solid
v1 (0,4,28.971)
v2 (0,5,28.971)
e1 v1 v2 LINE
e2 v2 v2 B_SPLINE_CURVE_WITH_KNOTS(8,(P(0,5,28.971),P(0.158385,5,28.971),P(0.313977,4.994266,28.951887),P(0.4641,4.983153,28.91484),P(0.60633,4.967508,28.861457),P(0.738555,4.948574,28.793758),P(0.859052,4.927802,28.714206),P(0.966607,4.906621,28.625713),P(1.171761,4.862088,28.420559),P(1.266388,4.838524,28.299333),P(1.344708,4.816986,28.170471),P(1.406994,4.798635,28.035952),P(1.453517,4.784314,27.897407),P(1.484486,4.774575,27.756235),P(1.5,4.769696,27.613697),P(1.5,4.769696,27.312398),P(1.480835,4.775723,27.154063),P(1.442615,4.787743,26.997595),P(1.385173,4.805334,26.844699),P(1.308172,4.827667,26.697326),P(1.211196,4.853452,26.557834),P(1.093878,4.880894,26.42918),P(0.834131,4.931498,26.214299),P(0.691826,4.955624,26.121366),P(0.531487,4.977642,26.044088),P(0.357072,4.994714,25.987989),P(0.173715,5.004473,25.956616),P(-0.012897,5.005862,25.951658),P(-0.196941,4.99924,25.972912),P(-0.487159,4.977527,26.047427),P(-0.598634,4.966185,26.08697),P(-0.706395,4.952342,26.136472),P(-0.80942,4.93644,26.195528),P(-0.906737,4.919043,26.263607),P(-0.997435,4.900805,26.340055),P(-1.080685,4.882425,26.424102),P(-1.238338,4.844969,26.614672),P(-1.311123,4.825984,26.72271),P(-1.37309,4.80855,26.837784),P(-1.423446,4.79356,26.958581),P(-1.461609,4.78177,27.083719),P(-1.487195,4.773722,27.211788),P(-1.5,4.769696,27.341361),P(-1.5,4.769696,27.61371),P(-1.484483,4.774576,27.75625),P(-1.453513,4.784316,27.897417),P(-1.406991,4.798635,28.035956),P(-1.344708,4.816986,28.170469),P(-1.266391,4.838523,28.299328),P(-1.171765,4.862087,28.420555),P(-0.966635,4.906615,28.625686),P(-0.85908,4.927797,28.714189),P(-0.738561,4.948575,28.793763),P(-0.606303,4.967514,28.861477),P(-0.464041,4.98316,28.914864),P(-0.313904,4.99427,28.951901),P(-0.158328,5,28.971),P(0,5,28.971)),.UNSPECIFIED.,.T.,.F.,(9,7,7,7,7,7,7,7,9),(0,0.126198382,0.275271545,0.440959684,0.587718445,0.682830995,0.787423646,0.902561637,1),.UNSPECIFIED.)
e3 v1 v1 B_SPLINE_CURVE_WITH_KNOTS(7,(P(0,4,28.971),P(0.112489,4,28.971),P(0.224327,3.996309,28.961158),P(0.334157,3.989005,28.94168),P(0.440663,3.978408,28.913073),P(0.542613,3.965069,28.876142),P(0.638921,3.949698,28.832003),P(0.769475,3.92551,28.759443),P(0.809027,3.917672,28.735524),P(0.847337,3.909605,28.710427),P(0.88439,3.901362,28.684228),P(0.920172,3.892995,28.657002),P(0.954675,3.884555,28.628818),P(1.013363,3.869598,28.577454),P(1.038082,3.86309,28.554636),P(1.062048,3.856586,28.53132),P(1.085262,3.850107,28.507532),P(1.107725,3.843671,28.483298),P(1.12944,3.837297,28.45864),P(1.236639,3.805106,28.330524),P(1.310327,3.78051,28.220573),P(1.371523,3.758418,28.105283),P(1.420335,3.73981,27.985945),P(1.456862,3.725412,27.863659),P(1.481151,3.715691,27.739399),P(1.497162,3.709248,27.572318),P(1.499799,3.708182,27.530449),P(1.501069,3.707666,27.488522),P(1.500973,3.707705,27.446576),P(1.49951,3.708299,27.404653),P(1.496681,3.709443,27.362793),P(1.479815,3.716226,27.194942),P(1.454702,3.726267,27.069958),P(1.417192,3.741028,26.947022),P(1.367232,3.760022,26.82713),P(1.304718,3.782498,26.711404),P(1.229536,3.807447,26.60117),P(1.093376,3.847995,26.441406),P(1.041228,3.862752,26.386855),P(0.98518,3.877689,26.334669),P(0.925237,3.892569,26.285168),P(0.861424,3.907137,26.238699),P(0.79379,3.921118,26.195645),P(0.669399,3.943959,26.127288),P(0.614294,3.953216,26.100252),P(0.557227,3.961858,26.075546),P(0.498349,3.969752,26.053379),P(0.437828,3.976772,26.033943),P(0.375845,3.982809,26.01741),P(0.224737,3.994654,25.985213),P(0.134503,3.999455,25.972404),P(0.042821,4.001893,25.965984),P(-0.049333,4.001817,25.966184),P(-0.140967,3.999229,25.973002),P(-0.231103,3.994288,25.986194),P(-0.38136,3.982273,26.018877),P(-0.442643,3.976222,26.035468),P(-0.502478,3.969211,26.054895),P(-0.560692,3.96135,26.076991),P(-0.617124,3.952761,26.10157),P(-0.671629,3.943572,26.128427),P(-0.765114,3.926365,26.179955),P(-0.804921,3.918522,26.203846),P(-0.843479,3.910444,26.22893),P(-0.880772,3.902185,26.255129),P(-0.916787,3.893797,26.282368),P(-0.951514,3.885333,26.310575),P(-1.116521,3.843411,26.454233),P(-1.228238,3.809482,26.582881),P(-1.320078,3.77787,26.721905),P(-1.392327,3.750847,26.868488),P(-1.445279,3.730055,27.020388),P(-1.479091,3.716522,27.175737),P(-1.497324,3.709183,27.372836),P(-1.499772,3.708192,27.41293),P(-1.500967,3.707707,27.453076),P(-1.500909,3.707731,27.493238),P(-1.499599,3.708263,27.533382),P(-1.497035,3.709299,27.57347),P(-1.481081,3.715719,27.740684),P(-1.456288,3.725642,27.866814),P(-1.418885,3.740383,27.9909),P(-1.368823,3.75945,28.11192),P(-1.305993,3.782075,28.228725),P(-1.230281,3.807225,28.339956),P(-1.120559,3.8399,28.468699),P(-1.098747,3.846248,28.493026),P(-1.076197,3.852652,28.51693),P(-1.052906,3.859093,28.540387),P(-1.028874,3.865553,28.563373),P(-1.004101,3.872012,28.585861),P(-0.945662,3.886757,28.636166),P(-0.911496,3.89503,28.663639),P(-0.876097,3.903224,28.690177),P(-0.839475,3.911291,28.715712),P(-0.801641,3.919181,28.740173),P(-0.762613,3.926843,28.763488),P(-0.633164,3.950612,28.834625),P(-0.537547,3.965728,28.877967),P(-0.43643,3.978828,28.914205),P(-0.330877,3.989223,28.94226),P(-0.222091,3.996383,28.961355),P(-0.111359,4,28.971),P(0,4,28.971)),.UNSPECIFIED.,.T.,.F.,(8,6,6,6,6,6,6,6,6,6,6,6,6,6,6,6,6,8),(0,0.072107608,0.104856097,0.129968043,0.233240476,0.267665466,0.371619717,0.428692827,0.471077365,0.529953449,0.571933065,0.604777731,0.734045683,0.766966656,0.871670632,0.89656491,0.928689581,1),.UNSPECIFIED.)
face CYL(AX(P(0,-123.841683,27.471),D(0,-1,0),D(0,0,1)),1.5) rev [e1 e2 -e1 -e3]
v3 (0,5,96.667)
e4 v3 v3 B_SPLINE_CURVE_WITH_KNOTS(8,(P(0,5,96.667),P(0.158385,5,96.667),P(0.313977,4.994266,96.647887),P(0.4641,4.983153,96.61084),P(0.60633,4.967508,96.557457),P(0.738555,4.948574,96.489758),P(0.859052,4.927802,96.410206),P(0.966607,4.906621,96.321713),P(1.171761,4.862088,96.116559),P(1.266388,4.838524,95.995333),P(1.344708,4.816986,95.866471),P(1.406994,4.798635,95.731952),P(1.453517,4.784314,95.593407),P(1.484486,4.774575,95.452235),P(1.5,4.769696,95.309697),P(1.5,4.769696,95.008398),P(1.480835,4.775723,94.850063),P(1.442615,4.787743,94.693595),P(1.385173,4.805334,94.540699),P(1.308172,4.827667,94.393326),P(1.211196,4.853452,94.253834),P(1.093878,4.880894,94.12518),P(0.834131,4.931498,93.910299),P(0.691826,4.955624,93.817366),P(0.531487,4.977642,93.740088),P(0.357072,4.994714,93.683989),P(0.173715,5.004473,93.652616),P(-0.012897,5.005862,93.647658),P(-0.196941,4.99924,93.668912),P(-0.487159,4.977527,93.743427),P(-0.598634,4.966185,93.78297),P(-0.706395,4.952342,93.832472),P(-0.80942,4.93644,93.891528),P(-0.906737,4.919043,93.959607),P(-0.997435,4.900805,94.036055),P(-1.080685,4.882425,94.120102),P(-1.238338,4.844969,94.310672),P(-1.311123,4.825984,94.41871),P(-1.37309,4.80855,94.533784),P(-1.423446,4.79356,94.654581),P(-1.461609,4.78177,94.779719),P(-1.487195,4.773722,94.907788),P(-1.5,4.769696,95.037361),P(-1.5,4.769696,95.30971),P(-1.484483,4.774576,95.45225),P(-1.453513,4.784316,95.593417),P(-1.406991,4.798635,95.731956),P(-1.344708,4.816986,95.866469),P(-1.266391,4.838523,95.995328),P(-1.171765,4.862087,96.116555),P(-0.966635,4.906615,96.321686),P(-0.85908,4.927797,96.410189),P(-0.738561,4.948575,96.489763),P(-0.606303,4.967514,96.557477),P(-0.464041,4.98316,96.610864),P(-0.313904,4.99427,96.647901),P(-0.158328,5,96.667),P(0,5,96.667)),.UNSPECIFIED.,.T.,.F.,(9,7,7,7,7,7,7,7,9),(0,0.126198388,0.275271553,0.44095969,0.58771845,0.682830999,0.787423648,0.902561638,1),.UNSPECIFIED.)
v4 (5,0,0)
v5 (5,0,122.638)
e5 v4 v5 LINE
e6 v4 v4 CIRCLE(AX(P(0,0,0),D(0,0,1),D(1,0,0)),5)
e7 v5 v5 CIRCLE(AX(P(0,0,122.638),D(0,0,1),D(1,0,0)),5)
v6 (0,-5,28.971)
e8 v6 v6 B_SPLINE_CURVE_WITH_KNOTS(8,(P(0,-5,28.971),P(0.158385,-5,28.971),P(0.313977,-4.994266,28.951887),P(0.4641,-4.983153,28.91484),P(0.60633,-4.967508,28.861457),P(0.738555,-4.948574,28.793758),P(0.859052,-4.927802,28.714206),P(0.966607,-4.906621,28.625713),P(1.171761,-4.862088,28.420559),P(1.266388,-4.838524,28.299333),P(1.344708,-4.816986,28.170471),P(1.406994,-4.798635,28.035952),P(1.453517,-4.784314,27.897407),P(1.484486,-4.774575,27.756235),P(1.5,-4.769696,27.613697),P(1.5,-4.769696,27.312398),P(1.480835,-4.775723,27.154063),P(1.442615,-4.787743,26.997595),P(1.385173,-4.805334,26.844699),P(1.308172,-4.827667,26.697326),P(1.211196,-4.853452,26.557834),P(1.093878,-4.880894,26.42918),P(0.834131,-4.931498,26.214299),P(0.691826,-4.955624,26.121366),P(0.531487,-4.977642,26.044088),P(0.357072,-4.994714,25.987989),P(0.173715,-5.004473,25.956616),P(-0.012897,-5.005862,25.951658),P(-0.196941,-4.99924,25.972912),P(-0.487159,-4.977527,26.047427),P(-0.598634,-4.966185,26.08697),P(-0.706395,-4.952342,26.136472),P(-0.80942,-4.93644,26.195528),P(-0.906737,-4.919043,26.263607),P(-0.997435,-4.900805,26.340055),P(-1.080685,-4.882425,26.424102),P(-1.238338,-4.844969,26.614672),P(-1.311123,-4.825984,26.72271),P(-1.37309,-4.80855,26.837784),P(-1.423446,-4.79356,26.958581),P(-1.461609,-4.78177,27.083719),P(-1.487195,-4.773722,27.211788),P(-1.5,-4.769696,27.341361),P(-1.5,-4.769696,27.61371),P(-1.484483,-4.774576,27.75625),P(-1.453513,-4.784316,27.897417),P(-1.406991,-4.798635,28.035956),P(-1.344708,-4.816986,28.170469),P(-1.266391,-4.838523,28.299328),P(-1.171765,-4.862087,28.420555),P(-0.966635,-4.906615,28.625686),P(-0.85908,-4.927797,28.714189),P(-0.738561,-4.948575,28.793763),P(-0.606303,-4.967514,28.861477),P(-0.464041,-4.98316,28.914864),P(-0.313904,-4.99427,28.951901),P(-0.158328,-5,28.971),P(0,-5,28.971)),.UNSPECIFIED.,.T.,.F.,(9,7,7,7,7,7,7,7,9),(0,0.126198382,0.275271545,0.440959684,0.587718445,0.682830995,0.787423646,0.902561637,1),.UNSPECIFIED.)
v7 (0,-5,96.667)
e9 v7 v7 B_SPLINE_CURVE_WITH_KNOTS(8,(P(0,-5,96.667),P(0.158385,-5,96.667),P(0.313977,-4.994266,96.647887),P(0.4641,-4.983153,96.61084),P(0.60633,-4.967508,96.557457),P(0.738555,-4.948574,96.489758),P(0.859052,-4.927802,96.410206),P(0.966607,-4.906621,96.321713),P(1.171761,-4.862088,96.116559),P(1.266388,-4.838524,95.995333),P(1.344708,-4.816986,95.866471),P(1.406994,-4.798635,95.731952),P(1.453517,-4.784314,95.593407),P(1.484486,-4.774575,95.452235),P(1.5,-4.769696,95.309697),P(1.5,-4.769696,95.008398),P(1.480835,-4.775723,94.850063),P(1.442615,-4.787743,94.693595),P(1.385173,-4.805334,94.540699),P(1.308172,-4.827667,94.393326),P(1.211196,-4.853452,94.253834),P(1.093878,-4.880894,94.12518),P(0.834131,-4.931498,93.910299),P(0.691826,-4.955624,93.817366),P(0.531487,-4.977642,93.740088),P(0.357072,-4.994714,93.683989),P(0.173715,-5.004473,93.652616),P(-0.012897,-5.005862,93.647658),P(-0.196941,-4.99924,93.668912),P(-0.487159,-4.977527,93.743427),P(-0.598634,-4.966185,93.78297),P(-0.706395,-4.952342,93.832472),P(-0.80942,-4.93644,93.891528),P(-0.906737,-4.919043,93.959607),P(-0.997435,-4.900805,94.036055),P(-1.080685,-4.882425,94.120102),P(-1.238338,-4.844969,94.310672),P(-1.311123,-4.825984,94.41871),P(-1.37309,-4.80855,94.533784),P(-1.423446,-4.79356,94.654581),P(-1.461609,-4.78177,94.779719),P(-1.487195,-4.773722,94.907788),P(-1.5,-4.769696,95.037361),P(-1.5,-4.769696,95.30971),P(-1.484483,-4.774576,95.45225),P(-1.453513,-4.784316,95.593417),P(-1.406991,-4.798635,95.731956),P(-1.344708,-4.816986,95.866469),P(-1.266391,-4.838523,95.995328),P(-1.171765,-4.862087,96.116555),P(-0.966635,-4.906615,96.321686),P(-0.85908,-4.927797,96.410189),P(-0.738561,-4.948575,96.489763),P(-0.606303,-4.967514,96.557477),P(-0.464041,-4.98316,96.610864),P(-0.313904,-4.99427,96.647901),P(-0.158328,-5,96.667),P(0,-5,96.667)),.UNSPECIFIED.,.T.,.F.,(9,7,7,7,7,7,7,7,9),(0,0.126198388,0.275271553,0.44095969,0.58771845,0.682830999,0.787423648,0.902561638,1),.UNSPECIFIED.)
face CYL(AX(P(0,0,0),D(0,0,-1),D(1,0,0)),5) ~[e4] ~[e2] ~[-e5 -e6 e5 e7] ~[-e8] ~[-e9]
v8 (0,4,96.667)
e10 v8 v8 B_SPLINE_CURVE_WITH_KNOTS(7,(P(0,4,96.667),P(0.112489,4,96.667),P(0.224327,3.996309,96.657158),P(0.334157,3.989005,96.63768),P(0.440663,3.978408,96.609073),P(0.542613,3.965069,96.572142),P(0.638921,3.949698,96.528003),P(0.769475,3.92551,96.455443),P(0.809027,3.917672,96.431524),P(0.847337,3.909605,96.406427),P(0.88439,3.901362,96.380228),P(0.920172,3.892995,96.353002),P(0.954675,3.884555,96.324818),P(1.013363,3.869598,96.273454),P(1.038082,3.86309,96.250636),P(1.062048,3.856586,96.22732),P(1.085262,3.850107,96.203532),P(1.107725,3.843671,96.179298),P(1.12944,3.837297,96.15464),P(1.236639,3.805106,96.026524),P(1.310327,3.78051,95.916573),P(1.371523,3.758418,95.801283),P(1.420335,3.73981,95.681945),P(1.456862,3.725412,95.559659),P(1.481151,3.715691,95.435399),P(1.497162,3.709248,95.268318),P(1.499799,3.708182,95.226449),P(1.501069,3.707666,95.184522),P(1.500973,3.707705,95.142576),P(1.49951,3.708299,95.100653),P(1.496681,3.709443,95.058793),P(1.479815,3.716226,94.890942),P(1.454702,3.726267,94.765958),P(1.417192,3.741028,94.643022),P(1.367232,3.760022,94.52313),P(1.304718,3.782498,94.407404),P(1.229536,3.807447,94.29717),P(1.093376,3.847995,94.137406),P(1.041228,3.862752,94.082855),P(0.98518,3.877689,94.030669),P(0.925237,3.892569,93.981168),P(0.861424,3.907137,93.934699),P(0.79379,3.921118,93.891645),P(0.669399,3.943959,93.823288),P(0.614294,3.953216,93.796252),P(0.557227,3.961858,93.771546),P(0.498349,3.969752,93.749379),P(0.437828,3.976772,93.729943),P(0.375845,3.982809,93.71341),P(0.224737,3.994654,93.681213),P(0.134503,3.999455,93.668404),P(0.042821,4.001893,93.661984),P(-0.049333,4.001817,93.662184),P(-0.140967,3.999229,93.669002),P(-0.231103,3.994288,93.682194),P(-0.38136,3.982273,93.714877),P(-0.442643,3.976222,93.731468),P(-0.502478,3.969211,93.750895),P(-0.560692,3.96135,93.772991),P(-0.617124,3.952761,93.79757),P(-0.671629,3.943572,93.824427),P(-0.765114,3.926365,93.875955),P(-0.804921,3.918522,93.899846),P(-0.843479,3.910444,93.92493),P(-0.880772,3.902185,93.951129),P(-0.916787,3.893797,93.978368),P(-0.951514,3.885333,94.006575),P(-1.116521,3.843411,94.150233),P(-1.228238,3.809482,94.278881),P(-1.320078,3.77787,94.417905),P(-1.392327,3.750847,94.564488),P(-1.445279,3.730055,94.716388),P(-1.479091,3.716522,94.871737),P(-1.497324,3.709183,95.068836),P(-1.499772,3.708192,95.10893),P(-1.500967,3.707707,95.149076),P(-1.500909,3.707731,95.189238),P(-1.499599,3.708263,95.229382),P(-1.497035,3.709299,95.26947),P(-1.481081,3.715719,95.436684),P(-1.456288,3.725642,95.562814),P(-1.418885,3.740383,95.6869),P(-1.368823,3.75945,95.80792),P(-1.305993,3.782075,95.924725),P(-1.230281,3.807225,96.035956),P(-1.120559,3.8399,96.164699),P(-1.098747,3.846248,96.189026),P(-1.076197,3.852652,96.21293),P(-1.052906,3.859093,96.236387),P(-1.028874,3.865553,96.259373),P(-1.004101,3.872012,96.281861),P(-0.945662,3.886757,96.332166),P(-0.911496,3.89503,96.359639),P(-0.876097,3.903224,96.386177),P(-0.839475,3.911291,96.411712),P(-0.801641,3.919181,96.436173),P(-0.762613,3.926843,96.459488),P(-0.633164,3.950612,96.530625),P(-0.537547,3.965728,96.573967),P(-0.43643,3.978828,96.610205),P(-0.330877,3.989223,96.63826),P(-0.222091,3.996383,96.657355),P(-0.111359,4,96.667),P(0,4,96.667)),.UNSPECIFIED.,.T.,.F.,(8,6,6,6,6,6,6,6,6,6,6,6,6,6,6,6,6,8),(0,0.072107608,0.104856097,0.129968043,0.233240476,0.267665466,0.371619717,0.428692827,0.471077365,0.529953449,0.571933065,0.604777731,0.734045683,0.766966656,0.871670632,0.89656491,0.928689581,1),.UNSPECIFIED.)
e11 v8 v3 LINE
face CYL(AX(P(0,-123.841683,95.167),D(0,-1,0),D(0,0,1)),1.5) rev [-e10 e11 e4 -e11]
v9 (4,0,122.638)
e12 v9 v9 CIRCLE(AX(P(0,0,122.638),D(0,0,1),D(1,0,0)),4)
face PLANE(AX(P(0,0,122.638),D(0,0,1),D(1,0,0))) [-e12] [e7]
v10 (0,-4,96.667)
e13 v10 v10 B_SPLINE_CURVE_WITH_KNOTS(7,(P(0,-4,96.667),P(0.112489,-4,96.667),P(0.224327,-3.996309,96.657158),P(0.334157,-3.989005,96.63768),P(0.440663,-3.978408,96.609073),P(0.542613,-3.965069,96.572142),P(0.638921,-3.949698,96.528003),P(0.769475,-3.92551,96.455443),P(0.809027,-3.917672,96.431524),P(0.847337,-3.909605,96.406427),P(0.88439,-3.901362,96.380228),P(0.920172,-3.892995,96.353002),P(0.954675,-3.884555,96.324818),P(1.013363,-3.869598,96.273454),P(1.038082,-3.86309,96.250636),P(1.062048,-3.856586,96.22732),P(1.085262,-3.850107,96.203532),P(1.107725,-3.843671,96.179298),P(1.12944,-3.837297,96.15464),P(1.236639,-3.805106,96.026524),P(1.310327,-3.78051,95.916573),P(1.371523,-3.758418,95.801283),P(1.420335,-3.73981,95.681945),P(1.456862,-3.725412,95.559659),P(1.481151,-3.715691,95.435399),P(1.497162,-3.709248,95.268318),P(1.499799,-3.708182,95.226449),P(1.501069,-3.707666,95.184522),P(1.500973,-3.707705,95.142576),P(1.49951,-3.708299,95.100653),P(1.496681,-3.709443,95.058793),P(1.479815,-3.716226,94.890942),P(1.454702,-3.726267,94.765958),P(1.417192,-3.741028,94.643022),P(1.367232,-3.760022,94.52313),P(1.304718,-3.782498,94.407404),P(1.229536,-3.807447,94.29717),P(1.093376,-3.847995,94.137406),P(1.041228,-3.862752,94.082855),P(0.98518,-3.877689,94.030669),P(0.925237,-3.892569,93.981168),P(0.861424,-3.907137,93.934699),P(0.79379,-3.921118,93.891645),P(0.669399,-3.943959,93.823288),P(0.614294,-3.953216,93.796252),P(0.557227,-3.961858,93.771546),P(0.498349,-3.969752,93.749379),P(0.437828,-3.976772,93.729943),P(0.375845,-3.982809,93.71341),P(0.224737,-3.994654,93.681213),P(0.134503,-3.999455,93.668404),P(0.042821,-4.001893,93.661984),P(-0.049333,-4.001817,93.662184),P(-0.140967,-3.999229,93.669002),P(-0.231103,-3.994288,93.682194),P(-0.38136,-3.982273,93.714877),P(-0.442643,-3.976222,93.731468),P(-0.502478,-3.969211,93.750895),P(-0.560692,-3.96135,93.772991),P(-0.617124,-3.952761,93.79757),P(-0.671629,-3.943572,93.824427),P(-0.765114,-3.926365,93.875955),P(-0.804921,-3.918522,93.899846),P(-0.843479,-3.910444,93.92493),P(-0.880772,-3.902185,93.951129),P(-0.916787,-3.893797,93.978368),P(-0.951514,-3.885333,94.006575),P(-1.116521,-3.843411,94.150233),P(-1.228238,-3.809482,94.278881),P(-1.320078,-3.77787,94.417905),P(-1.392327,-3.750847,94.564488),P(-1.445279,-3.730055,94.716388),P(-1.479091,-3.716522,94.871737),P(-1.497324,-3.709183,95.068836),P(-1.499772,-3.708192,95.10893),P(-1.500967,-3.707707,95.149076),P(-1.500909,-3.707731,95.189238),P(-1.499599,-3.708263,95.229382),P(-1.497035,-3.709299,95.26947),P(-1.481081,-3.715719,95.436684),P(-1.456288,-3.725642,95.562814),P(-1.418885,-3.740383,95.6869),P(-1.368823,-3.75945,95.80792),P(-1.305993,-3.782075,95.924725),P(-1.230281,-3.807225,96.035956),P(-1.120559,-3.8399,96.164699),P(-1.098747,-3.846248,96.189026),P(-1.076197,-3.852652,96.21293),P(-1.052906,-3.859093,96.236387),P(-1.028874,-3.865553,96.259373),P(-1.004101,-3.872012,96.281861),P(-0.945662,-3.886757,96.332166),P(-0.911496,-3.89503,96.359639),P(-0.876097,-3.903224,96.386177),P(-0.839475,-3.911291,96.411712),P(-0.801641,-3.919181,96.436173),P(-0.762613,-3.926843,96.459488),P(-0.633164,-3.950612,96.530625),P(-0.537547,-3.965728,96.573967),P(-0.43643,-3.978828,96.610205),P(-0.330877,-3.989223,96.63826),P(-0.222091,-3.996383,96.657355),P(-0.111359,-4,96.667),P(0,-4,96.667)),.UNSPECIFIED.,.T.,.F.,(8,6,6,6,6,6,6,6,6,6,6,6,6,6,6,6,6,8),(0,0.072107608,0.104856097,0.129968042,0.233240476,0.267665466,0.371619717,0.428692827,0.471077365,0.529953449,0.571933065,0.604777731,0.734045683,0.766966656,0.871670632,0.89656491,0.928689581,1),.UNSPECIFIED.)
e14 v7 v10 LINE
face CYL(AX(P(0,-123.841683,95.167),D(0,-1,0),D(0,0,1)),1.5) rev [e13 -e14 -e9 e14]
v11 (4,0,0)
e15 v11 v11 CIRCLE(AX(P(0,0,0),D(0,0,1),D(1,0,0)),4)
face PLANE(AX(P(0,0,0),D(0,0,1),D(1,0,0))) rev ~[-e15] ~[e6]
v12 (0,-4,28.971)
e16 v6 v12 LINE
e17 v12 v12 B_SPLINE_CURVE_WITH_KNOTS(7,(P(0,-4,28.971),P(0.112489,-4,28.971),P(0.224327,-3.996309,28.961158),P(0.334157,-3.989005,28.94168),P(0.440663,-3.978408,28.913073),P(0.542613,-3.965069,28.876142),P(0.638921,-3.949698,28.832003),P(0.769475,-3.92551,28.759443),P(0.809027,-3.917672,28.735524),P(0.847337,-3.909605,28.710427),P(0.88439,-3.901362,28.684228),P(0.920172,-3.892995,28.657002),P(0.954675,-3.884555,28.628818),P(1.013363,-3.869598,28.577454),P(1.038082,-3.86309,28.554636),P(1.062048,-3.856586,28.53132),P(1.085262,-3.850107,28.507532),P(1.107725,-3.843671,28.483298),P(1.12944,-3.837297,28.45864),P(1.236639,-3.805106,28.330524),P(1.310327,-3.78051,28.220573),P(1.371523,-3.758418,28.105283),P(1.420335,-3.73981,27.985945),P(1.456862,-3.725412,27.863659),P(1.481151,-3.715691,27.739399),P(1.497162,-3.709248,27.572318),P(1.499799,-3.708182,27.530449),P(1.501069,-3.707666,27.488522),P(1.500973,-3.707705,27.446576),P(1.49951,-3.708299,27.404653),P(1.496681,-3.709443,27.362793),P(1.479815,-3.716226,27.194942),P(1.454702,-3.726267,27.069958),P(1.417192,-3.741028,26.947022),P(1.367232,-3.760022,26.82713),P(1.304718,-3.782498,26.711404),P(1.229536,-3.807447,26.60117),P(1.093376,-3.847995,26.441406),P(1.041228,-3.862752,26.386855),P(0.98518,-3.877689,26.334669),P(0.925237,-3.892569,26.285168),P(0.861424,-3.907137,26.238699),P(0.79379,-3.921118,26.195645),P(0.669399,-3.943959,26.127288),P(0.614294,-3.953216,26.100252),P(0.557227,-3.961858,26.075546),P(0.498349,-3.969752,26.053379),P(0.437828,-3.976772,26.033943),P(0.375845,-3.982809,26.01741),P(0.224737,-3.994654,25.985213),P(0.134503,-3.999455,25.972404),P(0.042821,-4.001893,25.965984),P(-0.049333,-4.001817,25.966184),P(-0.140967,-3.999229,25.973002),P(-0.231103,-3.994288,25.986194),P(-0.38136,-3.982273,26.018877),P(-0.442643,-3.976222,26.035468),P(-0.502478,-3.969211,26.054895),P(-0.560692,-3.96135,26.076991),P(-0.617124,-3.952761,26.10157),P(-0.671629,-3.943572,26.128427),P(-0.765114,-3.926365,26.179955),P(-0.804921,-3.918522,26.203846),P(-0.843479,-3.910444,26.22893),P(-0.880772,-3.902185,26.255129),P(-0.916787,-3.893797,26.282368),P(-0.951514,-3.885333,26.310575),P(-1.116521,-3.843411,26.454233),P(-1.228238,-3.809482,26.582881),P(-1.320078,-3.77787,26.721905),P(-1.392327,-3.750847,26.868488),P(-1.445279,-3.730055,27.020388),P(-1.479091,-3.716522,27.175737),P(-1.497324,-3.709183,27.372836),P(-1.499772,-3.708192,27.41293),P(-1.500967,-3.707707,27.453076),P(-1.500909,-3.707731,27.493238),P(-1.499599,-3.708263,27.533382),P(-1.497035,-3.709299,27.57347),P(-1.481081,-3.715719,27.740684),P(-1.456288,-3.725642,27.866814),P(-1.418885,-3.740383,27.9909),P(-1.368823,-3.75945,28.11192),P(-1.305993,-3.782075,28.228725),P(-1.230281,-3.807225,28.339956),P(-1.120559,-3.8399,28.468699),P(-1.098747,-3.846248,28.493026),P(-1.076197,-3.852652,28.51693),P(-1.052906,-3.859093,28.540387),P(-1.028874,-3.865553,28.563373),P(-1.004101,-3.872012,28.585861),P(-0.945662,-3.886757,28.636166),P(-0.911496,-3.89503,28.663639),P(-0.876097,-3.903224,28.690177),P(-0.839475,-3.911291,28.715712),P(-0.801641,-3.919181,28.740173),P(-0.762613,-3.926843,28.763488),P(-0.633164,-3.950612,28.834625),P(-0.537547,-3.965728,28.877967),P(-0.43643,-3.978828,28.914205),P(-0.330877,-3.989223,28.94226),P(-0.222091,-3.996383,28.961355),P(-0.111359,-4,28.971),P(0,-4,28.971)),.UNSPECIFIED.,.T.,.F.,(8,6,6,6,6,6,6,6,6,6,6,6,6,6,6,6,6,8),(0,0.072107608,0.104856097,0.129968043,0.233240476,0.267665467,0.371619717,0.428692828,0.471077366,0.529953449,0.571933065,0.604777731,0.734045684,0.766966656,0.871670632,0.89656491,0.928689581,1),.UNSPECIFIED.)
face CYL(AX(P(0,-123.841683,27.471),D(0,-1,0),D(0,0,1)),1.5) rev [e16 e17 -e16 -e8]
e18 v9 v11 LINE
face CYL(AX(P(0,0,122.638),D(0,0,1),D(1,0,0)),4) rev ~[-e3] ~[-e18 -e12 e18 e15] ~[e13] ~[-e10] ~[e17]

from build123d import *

# Parameters (mm, degrees)
SKETCH1_R               = 5
BOSS_EXTRUDE1_DEPTH     = 122.638
CUT_EXTRUDE1_REACH      = 124.842
SKETCH2_R               = 4
CUT_EXTRUDE2_DEPTH      = 123.841682844
CUT_EXTRUDE2_DEPTH_BACK = 123.841682844
SKETCH5_R               = 1.5


with BuildPart() as part:
    # Sketch1 → Boss-Extrude1 (new body)
    with BuildSketch(Plane.XY):
        Circle(SKETCH1_R)
    extrude(amount=BOSS_EXTRUDE1_DEPTH)

    # Sketch2 → Cut-Extrude1 (cut, up to next)
    with BuildSketch(Plane.XY.offset(122.638), mode=Mode.PRIVATE) as cut_extrude1_sk1:
        Circle(SKETCH2_R)
    cut_extrude1_tool1 = extrude(cut_extrude1_sk1.sketch, amount=-CUT_EXTRUDE1_REACH, mode=Mode.PRIVATE) & part.part
    add(cut_extrude1_tool1.solids().sort_by_distance((0, 0, 122.638))[0], mode=Mode.SUBTRACT)

    # Sketch5 → Cut-Extrude2 (cut, two sides: drawn at the far end of the back side and taken through both)
    with BuildSketch(Plane(origin=(0, 0, 0), x_dir=(1, 0, 0), z_dir=(0, 1, 0)).offset(-CUT_EXTRUDE2_DEPTH_BACK)):
        with Locations(Location((0, -27.471, 0), (0, 0, 270))):
            Circle(SKETCH5_R)
        with Locations(Location((0, -95.167, 0), (0, 0, 270))):
            Circle(SKETCH5_R)
    extrude(amount=CUT_EXTRUDE2_DEPTH + CUT_EXTRUDE2_DEPTH_BACK, mode=Mode.SUBTRACT)


solid = part.part
